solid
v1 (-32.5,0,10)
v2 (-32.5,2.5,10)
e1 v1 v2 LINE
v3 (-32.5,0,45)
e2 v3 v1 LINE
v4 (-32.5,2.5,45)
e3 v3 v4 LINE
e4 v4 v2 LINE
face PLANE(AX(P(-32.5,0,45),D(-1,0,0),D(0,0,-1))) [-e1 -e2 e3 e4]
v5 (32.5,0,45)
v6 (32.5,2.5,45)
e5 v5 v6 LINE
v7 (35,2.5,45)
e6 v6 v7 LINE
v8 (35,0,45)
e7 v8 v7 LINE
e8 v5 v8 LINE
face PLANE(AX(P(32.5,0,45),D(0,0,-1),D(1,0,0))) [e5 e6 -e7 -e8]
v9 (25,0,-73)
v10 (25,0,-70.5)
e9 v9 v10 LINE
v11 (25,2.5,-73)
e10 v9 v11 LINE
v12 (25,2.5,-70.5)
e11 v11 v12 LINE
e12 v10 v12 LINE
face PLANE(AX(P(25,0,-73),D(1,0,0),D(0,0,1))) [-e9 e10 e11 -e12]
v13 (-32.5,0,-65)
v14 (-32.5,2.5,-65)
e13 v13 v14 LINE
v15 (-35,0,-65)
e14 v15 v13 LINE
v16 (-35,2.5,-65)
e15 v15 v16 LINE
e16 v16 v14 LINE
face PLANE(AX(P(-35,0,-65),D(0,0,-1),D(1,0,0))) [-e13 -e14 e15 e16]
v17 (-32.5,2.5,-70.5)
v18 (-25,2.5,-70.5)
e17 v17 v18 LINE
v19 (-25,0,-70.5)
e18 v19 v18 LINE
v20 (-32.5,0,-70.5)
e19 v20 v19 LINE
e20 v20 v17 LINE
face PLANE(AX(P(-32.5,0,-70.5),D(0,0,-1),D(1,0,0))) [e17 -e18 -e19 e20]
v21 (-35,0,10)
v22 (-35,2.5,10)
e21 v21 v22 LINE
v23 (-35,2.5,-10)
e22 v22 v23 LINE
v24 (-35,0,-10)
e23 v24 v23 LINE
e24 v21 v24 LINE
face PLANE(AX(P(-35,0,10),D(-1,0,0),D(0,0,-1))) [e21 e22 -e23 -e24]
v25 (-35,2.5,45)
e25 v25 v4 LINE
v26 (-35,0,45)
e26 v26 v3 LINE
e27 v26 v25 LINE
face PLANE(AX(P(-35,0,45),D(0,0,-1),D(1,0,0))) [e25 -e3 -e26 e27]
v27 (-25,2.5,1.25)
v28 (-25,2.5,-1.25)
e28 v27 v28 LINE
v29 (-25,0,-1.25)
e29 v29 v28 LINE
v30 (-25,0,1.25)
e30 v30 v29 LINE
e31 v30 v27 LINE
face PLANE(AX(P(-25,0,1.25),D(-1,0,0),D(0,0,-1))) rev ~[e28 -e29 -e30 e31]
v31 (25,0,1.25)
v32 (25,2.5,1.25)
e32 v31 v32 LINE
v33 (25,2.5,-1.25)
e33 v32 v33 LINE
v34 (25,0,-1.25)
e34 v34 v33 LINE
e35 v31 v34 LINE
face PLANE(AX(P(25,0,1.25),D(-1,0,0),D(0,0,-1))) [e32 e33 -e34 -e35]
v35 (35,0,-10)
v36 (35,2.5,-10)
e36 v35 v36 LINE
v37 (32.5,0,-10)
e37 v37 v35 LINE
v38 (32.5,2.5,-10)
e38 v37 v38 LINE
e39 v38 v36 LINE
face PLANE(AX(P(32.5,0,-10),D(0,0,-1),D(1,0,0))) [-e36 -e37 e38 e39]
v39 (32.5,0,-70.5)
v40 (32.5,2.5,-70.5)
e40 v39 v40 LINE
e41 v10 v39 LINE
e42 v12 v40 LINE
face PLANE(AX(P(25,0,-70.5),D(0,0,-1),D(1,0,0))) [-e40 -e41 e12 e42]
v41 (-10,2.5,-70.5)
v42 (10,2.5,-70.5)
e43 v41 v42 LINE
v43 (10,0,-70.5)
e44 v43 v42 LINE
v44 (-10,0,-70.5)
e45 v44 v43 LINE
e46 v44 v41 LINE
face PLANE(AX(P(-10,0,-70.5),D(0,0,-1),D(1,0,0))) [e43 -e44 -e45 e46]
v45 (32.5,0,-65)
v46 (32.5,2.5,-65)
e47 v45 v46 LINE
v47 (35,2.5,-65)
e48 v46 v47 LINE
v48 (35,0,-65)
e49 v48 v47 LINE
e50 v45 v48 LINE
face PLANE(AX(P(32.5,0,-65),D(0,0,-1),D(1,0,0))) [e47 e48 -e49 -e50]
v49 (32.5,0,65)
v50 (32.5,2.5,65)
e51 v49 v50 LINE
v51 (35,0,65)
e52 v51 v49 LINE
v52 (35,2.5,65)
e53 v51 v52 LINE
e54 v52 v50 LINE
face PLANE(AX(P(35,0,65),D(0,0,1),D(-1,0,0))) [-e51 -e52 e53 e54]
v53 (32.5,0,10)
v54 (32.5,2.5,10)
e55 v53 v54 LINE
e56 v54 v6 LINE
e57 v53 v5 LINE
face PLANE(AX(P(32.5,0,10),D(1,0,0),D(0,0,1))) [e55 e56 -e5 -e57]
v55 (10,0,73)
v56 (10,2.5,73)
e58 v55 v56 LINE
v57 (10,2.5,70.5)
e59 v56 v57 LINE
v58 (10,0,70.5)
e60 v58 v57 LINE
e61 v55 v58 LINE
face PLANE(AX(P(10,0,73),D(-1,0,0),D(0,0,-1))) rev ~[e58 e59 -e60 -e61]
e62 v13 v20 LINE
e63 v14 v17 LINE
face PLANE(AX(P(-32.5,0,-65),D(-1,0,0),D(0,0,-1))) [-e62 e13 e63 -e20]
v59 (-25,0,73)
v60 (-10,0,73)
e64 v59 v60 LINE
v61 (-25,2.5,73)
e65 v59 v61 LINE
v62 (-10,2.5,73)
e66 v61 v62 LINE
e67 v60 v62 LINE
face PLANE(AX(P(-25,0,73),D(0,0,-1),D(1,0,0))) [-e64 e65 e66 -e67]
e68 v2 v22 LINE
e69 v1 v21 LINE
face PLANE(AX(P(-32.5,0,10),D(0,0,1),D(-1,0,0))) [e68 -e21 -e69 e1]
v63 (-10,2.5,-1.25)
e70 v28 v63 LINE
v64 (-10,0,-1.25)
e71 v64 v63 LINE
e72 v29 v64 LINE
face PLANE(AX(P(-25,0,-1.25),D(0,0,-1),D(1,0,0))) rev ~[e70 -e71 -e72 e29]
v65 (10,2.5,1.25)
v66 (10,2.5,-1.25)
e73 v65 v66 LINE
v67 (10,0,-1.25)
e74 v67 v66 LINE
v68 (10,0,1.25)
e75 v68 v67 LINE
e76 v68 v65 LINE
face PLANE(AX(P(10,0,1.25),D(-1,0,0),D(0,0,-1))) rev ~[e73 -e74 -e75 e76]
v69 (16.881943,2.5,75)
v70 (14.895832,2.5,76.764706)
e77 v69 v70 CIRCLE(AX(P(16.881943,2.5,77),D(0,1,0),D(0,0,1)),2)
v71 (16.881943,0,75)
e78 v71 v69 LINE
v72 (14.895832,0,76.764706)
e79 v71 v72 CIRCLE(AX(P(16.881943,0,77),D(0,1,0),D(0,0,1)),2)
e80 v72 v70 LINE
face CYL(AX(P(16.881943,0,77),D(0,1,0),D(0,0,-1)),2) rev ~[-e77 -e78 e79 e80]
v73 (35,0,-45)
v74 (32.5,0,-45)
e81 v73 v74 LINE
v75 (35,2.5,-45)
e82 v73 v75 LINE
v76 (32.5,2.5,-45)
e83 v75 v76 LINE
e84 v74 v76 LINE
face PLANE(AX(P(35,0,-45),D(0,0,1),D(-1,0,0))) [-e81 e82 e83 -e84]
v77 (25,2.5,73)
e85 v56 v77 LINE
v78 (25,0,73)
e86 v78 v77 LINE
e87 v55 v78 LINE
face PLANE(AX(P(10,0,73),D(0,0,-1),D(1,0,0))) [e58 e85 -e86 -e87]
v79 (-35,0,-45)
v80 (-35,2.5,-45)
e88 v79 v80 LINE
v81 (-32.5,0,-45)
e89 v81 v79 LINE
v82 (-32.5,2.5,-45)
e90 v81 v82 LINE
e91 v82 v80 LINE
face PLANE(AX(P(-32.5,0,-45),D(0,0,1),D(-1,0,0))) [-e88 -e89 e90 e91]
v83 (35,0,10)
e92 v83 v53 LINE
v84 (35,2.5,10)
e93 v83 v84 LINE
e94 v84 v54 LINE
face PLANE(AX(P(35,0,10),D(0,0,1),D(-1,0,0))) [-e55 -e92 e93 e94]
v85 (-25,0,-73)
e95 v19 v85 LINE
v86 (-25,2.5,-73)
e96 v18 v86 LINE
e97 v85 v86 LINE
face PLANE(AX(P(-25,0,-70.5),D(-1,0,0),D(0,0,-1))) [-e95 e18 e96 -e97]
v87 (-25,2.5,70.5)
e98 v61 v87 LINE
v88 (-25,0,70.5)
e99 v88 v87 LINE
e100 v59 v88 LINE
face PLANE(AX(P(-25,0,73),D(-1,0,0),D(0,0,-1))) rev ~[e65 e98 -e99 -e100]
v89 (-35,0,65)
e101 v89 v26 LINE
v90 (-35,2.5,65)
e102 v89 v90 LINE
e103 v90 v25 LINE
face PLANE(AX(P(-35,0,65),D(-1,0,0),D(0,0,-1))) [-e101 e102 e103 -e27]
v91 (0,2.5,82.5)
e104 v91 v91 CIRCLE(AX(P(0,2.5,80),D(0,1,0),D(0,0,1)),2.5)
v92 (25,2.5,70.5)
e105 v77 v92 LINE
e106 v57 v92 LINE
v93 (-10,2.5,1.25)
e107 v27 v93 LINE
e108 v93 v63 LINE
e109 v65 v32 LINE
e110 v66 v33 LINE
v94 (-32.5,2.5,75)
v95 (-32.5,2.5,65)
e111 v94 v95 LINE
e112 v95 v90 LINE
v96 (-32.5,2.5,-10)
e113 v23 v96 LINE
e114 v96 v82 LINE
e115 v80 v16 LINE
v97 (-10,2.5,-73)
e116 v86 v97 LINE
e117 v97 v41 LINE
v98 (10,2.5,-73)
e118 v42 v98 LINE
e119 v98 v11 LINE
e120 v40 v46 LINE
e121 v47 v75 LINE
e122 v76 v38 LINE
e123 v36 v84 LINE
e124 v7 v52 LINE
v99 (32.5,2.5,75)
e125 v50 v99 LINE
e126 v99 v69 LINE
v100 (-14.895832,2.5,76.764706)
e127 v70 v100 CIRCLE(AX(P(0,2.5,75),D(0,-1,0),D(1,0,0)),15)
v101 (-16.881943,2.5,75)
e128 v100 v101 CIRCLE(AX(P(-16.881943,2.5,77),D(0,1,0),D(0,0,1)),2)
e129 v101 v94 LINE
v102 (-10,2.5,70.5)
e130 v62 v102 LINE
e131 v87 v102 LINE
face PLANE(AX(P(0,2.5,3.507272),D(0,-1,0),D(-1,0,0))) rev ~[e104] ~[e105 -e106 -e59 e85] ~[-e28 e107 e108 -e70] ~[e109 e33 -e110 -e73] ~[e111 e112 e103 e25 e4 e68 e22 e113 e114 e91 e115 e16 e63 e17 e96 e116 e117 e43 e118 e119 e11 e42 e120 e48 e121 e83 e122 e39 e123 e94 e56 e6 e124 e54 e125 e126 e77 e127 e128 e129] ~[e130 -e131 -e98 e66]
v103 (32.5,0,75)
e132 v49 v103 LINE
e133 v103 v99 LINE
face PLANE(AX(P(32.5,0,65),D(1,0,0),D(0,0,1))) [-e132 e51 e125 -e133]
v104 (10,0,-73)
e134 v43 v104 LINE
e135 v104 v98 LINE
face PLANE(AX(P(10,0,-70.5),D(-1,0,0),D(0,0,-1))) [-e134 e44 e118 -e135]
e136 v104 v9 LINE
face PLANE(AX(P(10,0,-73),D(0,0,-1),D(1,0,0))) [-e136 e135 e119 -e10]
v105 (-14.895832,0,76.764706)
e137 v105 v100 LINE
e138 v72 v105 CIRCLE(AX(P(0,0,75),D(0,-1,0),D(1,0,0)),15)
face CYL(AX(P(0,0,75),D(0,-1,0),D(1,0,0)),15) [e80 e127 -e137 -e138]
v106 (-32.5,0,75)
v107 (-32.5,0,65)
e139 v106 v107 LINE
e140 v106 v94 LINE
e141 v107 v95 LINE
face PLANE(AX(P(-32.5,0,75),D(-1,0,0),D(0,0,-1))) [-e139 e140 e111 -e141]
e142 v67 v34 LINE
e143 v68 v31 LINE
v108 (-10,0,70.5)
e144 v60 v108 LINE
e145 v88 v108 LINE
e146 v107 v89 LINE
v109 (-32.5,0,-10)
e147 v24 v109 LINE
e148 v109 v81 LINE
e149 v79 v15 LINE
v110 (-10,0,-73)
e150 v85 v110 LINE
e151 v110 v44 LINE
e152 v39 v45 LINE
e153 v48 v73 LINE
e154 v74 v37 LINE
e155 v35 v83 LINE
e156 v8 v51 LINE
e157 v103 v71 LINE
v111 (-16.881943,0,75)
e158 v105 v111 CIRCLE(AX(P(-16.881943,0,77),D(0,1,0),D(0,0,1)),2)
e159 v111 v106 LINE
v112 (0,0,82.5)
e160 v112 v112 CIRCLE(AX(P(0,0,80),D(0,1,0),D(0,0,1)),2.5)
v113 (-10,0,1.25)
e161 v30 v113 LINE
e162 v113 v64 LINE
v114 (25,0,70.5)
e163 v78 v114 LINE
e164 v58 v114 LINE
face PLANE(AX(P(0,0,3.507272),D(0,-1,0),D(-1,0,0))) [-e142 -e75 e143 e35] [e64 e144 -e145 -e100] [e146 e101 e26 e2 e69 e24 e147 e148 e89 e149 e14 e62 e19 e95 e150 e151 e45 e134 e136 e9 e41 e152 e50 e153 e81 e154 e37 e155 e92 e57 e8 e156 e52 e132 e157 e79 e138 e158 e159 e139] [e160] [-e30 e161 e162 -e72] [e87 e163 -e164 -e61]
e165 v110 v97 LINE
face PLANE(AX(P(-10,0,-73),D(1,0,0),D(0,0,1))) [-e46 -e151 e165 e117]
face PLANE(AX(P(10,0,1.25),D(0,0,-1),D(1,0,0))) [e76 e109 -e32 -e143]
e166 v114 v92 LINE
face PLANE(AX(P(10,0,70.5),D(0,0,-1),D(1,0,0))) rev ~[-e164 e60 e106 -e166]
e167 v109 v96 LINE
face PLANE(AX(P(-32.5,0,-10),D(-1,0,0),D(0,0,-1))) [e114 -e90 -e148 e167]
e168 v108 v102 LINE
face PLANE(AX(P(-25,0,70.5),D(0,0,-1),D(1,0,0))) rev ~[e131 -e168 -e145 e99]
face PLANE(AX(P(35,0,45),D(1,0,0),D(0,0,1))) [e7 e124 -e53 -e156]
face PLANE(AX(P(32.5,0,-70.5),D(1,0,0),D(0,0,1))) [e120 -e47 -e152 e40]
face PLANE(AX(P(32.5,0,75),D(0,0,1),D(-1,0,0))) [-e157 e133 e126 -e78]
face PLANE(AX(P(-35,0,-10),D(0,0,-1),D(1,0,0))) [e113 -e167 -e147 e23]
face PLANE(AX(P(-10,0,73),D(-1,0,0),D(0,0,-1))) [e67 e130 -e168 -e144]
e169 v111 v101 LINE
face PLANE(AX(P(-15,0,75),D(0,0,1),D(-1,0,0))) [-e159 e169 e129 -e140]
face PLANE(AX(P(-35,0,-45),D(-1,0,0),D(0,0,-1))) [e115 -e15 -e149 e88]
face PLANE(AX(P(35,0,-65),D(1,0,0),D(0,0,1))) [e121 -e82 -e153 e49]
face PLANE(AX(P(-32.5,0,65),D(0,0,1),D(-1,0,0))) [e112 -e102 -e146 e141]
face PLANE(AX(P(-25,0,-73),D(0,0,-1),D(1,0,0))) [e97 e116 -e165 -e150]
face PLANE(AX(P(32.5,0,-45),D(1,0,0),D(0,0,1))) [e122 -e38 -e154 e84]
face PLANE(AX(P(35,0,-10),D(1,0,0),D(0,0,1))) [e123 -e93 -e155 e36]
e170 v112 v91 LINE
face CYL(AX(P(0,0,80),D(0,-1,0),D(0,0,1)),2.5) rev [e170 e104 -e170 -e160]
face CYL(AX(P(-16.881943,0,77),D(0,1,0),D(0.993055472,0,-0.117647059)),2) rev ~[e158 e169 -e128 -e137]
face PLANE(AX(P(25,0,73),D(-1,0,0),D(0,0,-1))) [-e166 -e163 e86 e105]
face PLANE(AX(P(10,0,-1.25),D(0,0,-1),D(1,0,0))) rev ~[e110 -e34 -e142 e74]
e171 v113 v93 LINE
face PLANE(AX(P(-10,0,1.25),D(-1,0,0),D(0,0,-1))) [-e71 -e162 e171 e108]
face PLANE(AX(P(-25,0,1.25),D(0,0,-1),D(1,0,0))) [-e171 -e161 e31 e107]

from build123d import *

# Parameters (mm, degrees)
SKETCH1_R           = 2.5
SKETCH1_W           = 15
SKETCH1_H           = 2.5
BOSS_EXTRUDE1_DEPTH = 2.5
FILLET1_R           = 2


with BuildPart() as part:
    # Sketch1 → Boss-Extrude1 (new body)
    with BuildSketch(Plane(origin=(0, 0, 0), x_dir=(1, 0, 0), z_dir=(0, 1, 0))):
        with BuildLine():
            Line((35, 45), (32.5, 45))
            Line((32.5, 45), (32.5, 10))
            Line((32.5, 10), (35, 10))
            Line((35, 10), (35, -10))
            Line((35, -10), (32.5, -10))
            Line((32.5, -10), (32.5, -45))
            Line((32.5, -45), (35, -45))
            Line((35, -45), (35, -65))
            Line((35, -65), (32.5, -65))
            Line((32.5, -65), (32.5, -75))
            Line((32.5, -75), (15, -75))
            ThreePointArc((15, -75), (0, -90), (-15, -75))
            Line((-15, -75), (-32.5, -75))
            Line((-32.5, -75), (-32.5, -65))
            Line((-32.5, -65), (-35, -65))
            Line((-35, -65), (-35, -45))
            Line((-35, -45), (-32.5, -45))
            Line((-32.5, -45), (-32.5, -10))
            Line((-32.5, -10), (-35, -10))
            Line((-35, -10), (-35, 10))
            Line((-35, 10), (-32.5, 10))
            Line((-32.5, 10), (-32.5, 45))
            Line((-32.5, 45), (-35, 45))
            Line((-35, 45), (-35, 65))
            Line((-35, 65), (-32.5, 65))
            Line((-32.5, 65), (-32.5, 70.5))
            Line((-32.5, 70.5), (-25, 70.5))
            Line((-25, 70.5), (-25, 73))
            Line((-25, 73), (-10, 73))
            Line((-10, 73), (-10, 70.5))
            Line((-10, 70.5), (10, 70.5))
            Line((10, 70.5), (10, 73))
            Line((10, 73), (25, 73))
            Line((25, 73), (25, 70.5))
            Line((25, 70.5), (32.5, 70.5))
            Line((32.5, 70.5), (32.5, 65))
            Line((32.5, 65), (35, 65))
            Line((35, 65), (35, 45))
        make_face()
        with Locations(Location((0, -80, 0), (0, 0, 270))):
            Circle(SKETCH1_R, mode=Mode.SUBTRACT)
        with Locations((17.5, 0)):
            Rectangle(SKETCH1_W, SKETCH1_H, mode=Mode.SUBTRACT)
        with Locations((-17.5, 0)):
            Rectangle(SKETCH1_W, SKETCH1_H, mode=Mode.SUBTRACT)
        with Locations((-17.5, -71.75)):
            Rectangle(SKETCH1_W, SKETCH1_H, mode=Mode.SUBTRACT)
        with Locations((17.5, -71.75)):
            Rectangle(SKETCH1_W, SKETCH1_H, mode=Mode.SUBTRACT)
    extrude(amount=BOSS_EXTRUDE1_DEPTH)

    # Fillet1
    fillet1_edges = [part.edges().sort_by_distance(p)[0] for p in [
        (15, 1.25, 75),
        (-15, 1.25, 75),
    ]]
    fillet(fillet1_edges, radius=FILLET1_R)


solid = part.part
